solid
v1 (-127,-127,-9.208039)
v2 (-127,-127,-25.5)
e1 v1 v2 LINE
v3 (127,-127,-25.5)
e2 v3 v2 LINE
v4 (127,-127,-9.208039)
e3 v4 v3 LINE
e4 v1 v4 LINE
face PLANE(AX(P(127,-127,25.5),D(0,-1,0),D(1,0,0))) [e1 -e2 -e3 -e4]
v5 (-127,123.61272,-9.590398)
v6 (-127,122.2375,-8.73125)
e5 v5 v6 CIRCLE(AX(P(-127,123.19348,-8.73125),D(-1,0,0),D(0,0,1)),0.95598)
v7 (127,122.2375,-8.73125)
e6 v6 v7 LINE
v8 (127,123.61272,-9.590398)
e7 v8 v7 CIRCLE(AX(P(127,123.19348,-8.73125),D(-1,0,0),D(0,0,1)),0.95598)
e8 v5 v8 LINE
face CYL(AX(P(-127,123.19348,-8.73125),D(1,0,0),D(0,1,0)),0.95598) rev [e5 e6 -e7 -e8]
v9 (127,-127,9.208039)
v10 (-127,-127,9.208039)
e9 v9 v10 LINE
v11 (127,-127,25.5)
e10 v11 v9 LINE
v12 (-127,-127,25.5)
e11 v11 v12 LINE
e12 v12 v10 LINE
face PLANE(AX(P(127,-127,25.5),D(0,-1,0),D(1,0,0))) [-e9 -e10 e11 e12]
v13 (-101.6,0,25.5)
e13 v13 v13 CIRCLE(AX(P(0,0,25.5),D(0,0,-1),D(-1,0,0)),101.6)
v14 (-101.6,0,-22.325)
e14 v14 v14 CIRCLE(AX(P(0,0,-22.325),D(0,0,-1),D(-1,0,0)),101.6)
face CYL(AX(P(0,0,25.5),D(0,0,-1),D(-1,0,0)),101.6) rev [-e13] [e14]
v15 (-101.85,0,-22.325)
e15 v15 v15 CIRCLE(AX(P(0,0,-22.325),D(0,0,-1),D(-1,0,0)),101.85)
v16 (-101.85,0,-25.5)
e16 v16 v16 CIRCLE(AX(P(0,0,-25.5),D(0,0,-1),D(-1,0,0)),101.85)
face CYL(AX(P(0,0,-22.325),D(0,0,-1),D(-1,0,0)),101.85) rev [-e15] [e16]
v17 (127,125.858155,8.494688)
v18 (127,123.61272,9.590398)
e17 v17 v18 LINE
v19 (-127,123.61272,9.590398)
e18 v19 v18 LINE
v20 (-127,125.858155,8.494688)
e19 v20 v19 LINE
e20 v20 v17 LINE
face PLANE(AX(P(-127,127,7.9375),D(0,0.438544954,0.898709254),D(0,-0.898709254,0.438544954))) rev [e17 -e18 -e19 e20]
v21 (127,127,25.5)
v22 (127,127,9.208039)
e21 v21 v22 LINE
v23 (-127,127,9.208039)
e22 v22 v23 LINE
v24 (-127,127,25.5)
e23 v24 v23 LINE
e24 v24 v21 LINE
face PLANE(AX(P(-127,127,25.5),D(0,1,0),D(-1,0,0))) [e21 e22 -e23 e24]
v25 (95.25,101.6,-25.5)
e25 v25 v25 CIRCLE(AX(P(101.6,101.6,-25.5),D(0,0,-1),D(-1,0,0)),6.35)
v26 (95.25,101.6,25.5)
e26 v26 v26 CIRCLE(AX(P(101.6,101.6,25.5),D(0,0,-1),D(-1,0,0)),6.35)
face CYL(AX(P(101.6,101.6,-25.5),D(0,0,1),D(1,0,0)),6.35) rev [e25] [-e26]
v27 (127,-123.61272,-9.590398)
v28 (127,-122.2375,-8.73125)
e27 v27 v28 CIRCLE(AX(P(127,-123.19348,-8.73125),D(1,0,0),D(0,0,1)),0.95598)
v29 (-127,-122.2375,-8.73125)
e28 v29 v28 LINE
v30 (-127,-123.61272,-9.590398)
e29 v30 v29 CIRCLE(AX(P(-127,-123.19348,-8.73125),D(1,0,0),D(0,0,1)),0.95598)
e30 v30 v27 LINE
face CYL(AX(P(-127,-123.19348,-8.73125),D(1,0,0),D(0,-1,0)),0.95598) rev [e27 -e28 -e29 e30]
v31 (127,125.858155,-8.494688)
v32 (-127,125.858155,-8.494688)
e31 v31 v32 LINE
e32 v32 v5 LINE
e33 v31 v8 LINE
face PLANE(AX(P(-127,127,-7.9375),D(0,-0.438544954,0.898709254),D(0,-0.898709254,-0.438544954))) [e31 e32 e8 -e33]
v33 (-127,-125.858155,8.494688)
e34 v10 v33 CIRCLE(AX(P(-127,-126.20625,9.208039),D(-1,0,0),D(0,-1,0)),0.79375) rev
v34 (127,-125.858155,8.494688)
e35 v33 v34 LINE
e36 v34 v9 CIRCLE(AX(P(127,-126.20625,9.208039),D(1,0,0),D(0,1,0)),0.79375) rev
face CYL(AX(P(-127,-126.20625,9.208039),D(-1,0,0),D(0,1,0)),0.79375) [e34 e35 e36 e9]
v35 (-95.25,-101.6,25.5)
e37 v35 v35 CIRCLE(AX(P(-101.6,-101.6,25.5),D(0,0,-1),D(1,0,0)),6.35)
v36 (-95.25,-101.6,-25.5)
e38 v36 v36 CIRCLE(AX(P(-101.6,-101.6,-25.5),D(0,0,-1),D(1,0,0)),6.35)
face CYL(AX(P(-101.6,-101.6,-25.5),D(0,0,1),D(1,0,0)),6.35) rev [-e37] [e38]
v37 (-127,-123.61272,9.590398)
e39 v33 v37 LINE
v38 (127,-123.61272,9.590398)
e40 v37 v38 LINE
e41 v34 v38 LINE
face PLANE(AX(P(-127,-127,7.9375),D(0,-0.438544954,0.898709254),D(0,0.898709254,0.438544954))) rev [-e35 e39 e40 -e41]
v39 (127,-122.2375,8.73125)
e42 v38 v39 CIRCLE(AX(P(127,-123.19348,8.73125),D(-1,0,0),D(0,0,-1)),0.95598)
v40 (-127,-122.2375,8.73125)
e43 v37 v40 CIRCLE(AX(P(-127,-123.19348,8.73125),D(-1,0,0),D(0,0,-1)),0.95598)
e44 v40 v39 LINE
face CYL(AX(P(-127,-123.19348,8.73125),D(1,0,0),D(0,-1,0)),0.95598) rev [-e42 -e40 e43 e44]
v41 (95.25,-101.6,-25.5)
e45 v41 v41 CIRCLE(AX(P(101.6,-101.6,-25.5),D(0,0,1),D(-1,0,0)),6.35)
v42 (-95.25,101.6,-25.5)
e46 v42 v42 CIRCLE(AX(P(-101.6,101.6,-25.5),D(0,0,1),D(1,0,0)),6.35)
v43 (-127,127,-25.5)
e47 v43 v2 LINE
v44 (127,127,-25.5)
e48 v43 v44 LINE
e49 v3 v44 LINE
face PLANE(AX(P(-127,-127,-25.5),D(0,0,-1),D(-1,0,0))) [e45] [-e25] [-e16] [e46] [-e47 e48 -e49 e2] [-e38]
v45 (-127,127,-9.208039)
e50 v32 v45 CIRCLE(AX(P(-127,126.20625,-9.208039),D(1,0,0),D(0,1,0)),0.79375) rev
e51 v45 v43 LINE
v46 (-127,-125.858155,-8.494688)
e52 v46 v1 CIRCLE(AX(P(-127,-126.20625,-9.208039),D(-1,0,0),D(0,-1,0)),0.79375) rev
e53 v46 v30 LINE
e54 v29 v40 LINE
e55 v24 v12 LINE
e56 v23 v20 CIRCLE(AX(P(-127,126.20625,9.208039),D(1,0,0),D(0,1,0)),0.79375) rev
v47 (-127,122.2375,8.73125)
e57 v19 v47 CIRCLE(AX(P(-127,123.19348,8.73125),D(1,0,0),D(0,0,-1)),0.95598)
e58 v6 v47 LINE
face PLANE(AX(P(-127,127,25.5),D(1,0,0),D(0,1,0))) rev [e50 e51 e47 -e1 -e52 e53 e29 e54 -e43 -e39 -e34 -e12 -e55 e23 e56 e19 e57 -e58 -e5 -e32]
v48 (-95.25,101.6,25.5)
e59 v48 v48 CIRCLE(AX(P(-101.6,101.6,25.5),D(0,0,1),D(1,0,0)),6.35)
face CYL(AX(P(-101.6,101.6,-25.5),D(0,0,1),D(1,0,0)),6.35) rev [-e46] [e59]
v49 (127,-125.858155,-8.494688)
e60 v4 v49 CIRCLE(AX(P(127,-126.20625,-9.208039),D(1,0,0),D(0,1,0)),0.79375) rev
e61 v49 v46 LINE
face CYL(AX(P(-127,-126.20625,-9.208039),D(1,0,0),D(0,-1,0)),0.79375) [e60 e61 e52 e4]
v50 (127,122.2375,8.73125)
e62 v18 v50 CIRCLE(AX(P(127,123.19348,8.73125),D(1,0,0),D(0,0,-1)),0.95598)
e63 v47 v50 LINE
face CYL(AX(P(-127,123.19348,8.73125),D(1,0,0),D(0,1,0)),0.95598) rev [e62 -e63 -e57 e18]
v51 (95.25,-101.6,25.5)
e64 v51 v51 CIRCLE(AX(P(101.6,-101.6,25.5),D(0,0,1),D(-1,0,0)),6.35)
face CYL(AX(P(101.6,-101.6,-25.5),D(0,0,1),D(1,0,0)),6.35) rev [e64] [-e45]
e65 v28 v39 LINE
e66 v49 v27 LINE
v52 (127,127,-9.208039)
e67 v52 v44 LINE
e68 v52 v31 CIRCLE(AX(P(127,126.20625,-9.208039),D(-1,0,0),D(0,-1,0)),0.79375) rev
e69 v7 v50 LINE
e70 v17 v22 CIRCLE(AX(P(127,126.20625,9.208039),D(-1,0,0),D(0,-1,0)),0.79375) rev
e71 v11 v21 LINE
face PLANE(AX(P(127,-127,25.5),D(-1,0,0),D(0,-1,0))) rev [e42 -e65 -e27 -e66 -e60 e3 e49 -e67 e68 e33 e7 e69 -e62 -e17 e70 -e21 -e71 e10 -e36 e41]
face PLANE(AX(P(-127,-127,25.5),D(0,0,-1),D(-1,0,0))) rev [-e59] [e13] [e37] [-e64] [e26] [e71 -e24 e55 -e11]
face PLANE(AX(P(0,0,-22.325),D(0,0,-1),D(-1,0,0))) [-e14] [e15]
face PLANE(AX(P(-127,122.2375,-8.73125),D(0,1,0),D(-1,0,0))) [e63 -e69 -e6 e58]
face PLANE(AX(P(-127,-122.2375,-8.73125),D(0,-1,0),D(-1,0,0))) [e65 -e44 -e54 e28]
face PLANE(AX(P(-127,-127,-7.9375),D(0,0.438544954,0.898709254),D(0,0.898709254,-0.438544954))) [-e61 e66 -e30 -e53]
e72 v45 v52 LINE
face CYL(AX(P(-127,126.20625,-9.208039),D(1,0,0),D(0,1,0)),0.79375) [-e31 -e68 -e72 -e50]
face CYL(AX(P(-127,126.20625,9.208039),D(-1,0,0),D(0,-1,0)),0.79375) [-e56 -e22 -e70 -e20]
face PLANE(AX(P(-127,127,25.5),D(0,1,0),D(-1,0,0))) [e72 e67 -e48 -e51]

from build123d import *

# Parameters (mm, degrees)
SKETCH1_W               = 254
SKETCH1_H               = 254
BASE_EXTRUDE_DEPTH      = 25.5
FILLET4_R               = 0.79375
FILLET4_OF_MIRROR3_R    = 0.79375
SKETCH4_R               = 6.35
CUT_EXTRUDE1_DEPTH      = 187.705650691
MIRROR2_COPY_1_SKETCH_R = 6.35
MIRROR2_COPY_1_DEPTH    = 187.705650691
SKETCH5_R               = 101.85
SKETCH5_R_2             = 101.6
CUT_EXTRUDE2_DEPTH      = 3.175
SKETCH7_R               = 101.6
CUT_EXTRUDE3_DEPTH      = 187.705650691


with BuildPart() as part:
    # Sketch1 → Base-Extrude (new, symmetric)
    with BuildSketch(Plane.XY):
        Rectangle(SKETCH1_W, SKETCH1_H)
    extrude(amount=BASE_EXTRUDE_DEPTH, both=True)

    # Cut-Sweep1: sweep along a path in Sketch3
    with BuildLine(Plane.XY) as cut_sweep1_path:
        Line((127, 127), (-127, 127))
    # Sketch2 → Cut-Sweep1 (sweep, cut)
    with BuildSketch(Plane(origin=(127, 0, 0), x_dir=(0, 0, -1), z_dir=(1, 0, 0))):
        with BuildLine():
            Line((-7.9375, 127), (7.9375, 127))
            Line((7.9375, 127), (9.590397866, 123.612719875))
            ThreePointArc((9.590397866, 123.612719875), (9.542015805, 122.686966067), (8.73125, 122.2375))
            Line((8.73125, 122.2375), (-8.73125, 122.2375))
            ThreePointArc((-8.73125, 122.2375), (-9.542015805, 122.686966067), (-9.590397866, 123.612719875))
            Line((-9.590397866, 123.612719875), (-7.9375, 127))
        make_face()
    cut_sweep1 = sweep(path=cut_sweep1_path.line, mode=Mode.SUBTRACT)

    # Fillet4
    fillet4_edges = [part.edges().sort_by_distance(p)[0] for p in [
        (0, 127, 7.9375),
        (0, 127, -7.9375),
    ]]
    fillet(fillet4_edges, radius=FILLET4_R)

    # Mirror3: Cut-Sweep1 across plane
    add(cut_sweep1.mirror(Plane.ZX), mode=Mode.SUBTRACT)

    # Fillet4 of Mirror3
    fillet4_of_mirror3_edges = [part.edges().sort_by_distance(p)[0] for p in [
        (0, -127, 7.9375),
        (0, -127, -7.9375),
    ]]
    fillet(fillet4_of_mirror3_edges, radius=FILLET4_OF_MIRROR3_R)

    # Sketch4 → Cut-Extrude1 (cut, through all)
    with BuildSketch(Plane.XY.offset(25.5)):
        with Locations((-101.6, 101.6)):
            Circle(SKETCH4_R)
    cut_extrude1 = extrude(amount=-CUT_EXTRUDE1_DEPTH, mode=Mode.SUBTRACT)

    # Mirror1: Cut-Extrude1 across plane
    add(cut_extrude1.mirror(Plane.ZX), mode=Mode.SUBTRACT)

    # Mirror2: Cut-Extrude1 across plane
    add(cut_extrude1.mirror(Plane(origin=(0, 0, 0), x_dir=(0, 0, 1), z_dir=(1, 0, 0))), mode=Mode.SUBTRACT)

    # Mirror2 copy 1 sketch → Mirror2 copy 1 (cut, through all)
    with BuildSketch(Plane(origin=(0, 0, 25.5), x_dir=(-1, 0, 0), z_dir=(0, 0, 1))):
        with Locations((-101.6, 101.6)):
            Circle(MIRROR2_COPY_1_SKETCH_R)
    extrude(amount=-MIRROR2_COPY_1_DEPTH, mode=Mode.SUBTRACT)

    # Sketch5 → Cut-Extrude2 (cut)
    with BuildSketch(Plane(origin=(0, 0, -25.5), x_dir=(-1, 0, 0), z_dir=(0, 0, -1))):
        Circle(SKETCH5_R)
        Circle(SKETCH5_R_2, mode=Mode.SUBTRACT)
    extrude(amount=-CUT_EXTRUDE2_DEPTH, mode=Mode.SUBTRACT)

    # Sketch7 → Cut-Extrude3 (cut, through all)
    with BuildSketch(Plane(origin=(0, 0, -25.5), x_dir=(-1, 0, 0), z_dir=(0, 0, -1))):
        Circle(SKETCH7_R)
    extrude(amount=-CUT_EXTRUDE3_DEPTH, mode=Mode.SUBTRACT)


solid = part.part
